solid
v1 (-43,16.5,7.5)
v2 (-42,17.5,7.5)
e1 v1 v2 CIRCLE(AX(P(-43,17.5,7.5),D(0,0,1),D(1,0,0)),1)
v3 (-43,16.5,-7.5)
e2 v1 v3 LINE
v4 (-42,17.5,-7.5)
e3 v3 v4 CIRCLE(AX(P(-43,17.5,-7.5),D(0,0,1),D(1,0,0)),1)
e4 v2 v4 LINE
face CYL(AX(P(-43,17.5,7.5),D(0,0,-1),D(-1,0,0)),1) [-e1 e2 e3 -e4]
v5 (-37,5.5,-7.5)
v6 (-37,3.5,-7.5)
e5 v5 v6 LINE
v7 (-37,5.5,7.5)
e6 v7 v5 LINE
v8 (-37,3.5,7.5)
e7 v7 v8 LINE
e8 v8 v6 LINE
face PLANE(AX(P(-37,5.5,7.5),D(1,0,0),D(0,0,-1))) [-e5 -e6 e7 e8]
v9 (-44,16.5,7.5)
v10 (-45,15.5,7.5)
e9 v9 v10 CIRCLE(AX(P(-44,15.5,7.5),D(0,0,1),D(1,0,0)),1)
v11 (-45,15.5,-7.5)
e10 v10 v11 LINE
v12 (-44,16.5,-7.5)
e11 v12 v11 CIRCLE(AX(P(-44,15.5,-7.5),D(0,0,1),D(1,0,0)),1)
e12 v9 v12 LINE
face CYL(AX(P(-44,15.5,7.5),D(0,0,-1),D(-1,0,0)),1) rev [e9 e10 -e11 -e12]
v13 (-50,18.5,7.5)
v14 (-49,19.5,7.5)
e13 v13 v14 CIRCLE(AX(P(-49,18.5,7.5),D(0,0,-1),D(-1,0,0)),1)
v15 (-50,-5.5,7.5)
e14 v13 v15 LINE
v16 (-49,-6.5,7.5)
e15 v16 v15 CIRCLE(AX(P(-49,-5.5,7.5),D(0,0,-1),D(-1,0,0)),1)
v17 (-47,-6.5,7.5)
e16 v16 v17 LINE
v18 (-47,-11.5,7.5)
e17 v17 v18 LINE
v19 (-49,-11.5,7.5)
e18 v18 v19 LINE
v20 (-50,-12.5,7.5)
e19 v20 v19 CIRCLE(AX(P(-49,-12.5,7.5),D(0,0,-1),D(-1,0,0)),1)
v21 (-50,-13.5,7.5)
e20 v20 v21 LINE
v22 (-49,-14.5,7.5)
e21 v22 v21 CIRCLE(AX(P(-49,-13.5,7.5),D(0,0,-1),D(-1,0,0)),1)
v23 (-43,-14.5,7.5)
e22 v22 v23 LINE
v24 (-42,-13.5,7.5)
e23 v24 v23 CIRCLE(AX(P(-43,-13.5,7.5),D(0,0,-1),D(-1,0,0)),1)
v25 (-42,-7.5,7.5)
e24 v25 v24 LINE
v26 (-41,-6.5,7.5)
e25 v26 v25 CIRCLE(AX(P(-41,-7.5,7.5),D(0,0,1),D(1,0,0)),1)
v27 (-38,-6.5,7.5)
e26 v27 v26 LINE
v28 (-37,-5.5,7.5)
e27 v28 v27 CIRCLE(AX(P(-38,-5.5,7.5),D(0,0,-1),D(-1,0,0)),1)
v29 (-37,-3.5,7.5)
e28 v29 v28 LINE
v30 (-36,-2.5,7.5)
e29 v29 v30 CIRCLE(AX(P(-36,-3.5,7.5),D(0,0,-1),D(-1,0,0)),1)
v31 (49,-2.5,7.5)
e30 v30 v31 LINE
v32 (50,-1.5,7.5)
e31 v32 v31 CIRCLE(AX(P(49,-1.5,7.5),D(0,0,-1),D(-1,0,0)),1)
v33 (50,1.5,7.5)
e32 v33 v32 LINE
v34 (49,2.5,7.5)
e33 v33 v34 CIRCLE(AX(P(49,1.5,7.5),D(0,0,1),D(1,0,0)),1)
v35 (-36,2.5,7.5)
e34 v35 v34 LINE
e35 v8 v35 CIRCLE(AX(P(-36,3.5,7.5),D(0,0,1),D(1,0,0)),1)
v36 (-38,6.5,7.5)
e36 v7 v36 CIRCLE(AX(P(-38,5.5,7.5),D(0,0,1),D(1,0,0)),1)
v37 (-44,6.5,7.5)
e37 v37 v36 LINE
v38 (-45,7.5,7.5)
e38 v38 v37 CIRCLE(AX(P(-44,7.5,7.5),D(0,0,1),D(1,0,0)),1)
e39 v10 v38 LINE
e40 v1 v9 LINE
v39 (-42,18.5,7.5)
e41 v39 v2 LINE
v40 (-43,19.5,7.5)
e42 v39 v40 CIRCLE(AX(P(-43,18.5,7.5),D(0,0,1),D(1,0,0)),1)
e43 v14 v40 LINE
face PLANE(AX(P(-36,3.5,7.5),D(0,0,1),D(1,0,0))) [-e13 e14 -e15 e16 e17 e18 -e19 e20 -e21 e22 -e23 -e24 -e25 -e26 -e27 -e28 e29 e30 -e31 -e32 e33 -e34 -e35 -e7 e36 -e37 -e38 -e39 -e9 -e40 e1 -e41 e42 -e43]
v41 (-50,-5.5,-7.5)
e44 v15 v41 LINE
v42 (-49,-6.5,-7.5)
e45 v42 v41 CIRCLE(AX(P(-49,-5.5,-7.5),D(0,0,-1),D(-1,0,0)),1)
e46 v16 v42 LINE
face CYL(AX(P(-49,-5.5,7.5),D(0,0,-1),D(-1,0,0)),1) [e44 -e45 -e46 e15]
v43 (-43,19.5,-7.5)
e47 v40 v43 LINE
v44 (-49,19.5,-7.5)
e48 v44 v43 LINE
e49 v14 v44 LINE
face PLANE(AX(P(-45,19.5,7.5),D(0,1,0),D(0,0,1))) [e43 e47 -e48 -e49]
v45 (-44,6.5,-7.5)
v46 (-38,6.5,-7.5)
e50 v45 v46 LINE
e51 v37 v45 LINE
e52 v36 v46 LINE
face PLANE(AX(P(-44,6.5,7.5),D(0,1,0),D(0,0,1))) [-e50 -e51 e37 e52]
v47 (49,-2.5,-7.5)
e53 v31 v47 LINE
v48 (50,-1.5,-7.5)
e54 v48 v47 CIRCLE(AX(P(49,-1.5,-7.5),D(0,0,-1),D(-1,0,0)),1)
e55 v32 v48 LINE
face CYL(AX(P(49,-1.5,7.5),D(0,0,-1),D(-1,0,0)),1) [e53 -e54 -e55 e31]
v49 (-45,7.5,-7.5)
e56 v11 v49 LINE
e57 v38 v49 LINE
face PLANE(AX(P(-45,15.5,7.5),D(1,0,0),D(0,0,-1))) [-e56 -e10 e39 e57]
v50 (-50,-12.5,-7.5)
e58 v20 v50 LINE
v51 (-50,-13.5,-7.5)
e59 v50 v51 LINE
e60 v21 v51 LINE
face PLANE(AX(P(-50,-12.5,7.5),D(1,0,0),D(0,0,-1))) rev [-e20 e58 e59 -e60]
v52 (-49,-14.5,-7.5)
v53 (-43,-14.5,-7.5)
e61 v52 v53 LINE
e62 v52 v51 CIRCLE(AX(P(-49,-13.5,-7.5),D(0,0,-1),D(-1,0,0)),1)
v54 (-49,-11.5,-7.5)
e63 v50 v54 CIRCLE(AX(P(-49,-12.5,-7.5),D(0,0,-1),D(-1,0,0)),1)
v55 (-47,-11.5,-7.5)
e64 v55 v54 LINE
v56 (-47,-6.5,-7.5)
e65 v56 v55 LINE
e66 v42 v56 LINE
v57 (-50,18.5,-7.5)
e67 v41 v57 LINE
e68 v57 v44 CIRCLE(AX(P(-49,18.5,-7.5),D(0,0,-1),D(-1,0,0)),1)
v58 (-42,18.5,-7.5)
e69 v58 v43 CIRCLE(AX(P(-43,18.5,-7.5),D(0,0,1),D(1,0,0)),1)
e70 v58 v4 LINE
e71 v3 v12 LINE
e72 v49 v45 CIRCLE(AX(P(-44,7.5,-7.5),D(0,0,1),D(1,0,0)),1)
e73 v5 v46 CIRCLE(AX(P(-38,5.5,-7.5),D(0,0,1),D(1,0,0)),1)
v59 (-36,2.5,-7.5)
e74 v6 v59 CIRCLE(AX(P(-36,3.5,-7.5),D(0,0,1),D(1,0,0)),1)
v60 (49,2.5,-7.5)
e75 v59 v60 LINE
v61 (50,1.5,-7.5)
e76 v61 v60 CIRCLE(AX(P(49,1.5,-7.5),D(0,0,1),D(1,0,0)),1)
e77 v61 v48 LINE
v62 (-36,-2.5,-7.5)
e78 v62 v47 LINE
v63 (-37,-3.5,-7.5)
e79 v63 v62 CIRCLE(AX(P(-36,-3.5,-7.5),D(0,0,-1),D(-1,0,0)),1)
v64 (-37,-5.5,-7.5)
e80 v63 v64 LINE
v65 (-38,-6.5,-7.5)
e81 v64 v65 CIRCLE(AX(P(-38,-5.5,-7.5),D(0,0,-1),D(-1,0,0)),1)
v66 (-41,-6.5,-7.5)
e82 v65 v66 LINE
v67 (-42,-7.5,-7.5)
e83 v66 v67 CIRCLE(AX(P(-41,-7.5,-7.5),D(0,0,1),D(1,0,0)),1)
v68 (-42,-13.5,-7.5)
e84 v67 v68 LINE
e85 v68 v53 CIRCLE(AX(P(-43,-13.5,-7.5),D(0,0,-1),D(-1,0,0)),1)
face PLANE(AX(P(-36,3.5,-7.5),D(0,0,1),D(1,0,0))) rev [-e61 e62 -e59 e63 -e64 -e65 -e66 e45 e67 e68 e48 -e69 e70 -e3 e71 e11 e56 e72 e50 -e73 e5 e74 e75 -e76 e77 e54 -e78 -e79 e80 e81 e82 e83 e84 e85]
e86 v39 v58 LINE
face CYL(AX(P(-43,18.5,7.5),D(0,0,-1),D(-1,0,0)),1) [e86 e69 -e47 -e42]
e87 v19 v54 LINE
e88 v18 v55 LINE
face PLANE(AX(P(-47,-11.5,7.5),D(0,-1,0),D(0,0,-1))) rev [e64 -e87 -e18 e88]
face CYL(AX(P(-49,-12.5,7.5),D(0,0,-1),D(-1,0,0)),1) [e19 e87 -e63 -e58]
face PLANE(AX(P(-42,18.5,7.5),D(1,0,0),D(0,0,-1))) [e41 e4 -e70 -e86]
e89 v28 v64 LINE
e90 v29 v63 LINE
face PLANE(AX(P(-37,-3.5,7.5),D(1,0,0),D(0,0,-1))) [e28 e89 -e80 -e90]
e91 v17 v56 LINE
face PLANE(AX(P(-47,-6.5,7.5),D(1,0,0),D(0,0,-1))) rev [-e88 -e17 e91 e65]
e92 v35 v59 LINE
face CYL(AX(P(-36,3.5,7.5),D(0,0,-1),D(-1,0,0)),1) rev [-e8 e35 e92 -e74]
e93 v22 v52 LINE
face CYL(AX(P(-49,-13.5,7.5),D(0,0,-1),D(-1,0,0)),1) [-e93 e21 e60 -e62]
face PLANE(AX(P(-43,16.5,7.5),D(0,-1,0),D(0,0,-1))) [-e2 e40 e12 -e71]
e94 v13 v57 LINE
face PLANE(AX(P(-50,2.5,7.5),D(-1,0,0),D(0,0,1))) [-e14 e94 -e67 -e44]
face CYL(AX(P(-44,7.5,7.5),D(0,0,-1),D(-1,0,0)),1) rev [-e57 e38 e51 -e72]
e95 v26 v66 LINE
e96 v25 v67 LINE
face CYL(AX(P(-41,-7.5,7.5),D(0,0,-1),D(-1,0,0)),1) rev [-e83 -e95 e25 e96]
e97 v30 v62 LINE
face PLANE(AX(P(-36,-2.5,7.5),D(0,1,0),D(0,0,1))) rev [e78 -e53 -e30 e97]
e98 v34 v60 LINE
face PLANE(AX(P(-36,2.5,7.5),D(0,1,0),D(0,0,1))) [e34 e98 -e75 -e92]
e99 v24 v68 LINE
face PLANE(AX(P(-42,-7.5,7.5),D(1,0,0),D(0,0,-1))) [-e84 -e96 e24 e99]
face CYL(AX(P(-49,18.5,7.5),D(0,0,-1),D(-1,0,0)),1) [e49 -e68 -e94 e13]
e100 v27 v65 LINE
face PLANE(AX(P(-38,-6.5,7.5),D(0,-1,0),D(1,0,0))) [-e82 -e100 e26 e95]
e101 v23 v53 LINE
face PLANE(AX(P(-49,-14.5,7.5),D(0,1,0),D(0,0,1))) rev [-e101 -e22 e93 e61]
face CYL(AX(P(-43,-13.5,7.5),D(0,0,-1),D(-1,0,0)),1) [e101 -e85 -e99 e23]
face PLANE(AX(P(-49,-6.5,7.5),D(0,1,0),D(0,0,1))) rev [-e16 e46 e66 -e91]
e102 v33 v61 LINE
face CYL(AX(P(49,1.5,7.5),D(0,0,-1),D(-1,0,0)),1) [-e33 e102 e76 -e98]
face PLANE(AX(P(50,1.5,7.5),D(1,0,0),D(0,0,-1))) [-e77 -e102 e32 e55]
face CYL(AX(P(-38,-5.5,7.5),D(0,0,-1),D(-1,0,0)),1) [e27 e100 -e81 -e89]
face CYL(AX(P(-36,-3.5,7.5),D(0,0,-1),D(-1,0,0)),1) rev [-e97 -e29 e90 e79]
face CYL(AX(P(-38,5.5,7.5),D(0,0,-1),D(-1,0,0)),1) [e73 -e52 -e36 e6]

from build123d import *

# Parameters (mm, degrees)
BOSS_EXTRUDE1_DEPTH = 7.5


with BuildPart() as part:
    # Sketch1 → Boss-Extrude1 (new, symmetric)
    with BuildSketch(Plane.XY):
        with BuildLine():
            Line((-50, 2.5), (-50, 18.5))
            ThreePointArc((-50, 18.5), (-49.707106781, 19.207106781), (-49, 19.5))
            Line((-49, 19.5), (-45, 19.5))
            Line((-45, 19.5), (-43, 19.5))
            ThreePointArc((-43, 19.5), (-42.292893219, 19.207106781), (-42, 18.5))
            Line((-42, 18.5), (-42, 17.5))
            ThreePointArc((-42, 17.5), (-42.292893219, 16.792893219), (-43, 16.5))
            Line((-43, 16.5), (-44, 16.5))
            ThreePointArc((-44, 16.5), (-44.707106781, 16.207106781), (-45, 15.5))
            Line((-45, 15.5), (-45, 7.5))
            ThreePointArc((-45, 7.5), (-44.707106781, 6.792893219), (-44, 6.5))
            Line((-44, 6.5), (-38, 6.5))
            ThreePointArc((-38, 6.5), (-37.292893219, 6.207106781), (-37, 5.5))
            Line((-37, 5.5), (-37, 3.5))
            ThreePointArc((-37, 3.5), (-36.707106781, 2.792893219), (-36, 2.5))
            Line((-36, 2.5), (49, 2.5))
            ThreePointArc((49, 2.5), (49.707106781, 2.207106781), (50, 1.5))
            Line((50, 1.5), (50, -1.5))
            ThreePointArc((50, -1.5), (49.707106781, -2.207106781), (49, -2.5))
            Line((49, -2.5), (-36, -2.5))
            ThreePointArc((-36, -2.5), (-36.707106781, -2.792893219), (-37, -3.5))
            Line((-37, -3.5), (-37, -5.5))
            ThreePointArc((-37, -5.5), (-37.292893219, -6.207106781), (-38, -6.5))
            Line((-38, -6.5), (-41, -6.5))
            ThreePointArc((-41, -6.5), (-41.707106781, -6.792893219), (-42, -7.5))
            Line((-42, -7.5), (-42, -13.5))
            ThreePointArc((-42, -13.5), (-42.292893219, -14.207106781), (-43, -14.5))
            Line((-43, -14.5), (-49, -14.5))
            ThreePointArc((-49, -14.5), (-49.707106781, -14.207106781), (-50, -13.5))
            Line((-50, -13.5), (-50, -12.5))
            ThreePointArc((-50, -12.5), (-49.707106781, -11.792893219), (-49, -11.5))
            Line((-49, -11.5), (-47, -11.5))
            Line((-47, -11.5), (-47, -6.5))
            Line((-47, -6.5), (-49, -6.5))
            ThreePointArc((-49, -6.5), (-49.707106781, -6.207106781), (-50, -5.5))
            Line((-50, -5.5), (-50, -2.5))
            Line((-50, -2.5), (-50, 2.5))
        make_face()
    extrude(amount=BOSS_EXTRUDE1_DEPTH, both=True)


solid = part.part
